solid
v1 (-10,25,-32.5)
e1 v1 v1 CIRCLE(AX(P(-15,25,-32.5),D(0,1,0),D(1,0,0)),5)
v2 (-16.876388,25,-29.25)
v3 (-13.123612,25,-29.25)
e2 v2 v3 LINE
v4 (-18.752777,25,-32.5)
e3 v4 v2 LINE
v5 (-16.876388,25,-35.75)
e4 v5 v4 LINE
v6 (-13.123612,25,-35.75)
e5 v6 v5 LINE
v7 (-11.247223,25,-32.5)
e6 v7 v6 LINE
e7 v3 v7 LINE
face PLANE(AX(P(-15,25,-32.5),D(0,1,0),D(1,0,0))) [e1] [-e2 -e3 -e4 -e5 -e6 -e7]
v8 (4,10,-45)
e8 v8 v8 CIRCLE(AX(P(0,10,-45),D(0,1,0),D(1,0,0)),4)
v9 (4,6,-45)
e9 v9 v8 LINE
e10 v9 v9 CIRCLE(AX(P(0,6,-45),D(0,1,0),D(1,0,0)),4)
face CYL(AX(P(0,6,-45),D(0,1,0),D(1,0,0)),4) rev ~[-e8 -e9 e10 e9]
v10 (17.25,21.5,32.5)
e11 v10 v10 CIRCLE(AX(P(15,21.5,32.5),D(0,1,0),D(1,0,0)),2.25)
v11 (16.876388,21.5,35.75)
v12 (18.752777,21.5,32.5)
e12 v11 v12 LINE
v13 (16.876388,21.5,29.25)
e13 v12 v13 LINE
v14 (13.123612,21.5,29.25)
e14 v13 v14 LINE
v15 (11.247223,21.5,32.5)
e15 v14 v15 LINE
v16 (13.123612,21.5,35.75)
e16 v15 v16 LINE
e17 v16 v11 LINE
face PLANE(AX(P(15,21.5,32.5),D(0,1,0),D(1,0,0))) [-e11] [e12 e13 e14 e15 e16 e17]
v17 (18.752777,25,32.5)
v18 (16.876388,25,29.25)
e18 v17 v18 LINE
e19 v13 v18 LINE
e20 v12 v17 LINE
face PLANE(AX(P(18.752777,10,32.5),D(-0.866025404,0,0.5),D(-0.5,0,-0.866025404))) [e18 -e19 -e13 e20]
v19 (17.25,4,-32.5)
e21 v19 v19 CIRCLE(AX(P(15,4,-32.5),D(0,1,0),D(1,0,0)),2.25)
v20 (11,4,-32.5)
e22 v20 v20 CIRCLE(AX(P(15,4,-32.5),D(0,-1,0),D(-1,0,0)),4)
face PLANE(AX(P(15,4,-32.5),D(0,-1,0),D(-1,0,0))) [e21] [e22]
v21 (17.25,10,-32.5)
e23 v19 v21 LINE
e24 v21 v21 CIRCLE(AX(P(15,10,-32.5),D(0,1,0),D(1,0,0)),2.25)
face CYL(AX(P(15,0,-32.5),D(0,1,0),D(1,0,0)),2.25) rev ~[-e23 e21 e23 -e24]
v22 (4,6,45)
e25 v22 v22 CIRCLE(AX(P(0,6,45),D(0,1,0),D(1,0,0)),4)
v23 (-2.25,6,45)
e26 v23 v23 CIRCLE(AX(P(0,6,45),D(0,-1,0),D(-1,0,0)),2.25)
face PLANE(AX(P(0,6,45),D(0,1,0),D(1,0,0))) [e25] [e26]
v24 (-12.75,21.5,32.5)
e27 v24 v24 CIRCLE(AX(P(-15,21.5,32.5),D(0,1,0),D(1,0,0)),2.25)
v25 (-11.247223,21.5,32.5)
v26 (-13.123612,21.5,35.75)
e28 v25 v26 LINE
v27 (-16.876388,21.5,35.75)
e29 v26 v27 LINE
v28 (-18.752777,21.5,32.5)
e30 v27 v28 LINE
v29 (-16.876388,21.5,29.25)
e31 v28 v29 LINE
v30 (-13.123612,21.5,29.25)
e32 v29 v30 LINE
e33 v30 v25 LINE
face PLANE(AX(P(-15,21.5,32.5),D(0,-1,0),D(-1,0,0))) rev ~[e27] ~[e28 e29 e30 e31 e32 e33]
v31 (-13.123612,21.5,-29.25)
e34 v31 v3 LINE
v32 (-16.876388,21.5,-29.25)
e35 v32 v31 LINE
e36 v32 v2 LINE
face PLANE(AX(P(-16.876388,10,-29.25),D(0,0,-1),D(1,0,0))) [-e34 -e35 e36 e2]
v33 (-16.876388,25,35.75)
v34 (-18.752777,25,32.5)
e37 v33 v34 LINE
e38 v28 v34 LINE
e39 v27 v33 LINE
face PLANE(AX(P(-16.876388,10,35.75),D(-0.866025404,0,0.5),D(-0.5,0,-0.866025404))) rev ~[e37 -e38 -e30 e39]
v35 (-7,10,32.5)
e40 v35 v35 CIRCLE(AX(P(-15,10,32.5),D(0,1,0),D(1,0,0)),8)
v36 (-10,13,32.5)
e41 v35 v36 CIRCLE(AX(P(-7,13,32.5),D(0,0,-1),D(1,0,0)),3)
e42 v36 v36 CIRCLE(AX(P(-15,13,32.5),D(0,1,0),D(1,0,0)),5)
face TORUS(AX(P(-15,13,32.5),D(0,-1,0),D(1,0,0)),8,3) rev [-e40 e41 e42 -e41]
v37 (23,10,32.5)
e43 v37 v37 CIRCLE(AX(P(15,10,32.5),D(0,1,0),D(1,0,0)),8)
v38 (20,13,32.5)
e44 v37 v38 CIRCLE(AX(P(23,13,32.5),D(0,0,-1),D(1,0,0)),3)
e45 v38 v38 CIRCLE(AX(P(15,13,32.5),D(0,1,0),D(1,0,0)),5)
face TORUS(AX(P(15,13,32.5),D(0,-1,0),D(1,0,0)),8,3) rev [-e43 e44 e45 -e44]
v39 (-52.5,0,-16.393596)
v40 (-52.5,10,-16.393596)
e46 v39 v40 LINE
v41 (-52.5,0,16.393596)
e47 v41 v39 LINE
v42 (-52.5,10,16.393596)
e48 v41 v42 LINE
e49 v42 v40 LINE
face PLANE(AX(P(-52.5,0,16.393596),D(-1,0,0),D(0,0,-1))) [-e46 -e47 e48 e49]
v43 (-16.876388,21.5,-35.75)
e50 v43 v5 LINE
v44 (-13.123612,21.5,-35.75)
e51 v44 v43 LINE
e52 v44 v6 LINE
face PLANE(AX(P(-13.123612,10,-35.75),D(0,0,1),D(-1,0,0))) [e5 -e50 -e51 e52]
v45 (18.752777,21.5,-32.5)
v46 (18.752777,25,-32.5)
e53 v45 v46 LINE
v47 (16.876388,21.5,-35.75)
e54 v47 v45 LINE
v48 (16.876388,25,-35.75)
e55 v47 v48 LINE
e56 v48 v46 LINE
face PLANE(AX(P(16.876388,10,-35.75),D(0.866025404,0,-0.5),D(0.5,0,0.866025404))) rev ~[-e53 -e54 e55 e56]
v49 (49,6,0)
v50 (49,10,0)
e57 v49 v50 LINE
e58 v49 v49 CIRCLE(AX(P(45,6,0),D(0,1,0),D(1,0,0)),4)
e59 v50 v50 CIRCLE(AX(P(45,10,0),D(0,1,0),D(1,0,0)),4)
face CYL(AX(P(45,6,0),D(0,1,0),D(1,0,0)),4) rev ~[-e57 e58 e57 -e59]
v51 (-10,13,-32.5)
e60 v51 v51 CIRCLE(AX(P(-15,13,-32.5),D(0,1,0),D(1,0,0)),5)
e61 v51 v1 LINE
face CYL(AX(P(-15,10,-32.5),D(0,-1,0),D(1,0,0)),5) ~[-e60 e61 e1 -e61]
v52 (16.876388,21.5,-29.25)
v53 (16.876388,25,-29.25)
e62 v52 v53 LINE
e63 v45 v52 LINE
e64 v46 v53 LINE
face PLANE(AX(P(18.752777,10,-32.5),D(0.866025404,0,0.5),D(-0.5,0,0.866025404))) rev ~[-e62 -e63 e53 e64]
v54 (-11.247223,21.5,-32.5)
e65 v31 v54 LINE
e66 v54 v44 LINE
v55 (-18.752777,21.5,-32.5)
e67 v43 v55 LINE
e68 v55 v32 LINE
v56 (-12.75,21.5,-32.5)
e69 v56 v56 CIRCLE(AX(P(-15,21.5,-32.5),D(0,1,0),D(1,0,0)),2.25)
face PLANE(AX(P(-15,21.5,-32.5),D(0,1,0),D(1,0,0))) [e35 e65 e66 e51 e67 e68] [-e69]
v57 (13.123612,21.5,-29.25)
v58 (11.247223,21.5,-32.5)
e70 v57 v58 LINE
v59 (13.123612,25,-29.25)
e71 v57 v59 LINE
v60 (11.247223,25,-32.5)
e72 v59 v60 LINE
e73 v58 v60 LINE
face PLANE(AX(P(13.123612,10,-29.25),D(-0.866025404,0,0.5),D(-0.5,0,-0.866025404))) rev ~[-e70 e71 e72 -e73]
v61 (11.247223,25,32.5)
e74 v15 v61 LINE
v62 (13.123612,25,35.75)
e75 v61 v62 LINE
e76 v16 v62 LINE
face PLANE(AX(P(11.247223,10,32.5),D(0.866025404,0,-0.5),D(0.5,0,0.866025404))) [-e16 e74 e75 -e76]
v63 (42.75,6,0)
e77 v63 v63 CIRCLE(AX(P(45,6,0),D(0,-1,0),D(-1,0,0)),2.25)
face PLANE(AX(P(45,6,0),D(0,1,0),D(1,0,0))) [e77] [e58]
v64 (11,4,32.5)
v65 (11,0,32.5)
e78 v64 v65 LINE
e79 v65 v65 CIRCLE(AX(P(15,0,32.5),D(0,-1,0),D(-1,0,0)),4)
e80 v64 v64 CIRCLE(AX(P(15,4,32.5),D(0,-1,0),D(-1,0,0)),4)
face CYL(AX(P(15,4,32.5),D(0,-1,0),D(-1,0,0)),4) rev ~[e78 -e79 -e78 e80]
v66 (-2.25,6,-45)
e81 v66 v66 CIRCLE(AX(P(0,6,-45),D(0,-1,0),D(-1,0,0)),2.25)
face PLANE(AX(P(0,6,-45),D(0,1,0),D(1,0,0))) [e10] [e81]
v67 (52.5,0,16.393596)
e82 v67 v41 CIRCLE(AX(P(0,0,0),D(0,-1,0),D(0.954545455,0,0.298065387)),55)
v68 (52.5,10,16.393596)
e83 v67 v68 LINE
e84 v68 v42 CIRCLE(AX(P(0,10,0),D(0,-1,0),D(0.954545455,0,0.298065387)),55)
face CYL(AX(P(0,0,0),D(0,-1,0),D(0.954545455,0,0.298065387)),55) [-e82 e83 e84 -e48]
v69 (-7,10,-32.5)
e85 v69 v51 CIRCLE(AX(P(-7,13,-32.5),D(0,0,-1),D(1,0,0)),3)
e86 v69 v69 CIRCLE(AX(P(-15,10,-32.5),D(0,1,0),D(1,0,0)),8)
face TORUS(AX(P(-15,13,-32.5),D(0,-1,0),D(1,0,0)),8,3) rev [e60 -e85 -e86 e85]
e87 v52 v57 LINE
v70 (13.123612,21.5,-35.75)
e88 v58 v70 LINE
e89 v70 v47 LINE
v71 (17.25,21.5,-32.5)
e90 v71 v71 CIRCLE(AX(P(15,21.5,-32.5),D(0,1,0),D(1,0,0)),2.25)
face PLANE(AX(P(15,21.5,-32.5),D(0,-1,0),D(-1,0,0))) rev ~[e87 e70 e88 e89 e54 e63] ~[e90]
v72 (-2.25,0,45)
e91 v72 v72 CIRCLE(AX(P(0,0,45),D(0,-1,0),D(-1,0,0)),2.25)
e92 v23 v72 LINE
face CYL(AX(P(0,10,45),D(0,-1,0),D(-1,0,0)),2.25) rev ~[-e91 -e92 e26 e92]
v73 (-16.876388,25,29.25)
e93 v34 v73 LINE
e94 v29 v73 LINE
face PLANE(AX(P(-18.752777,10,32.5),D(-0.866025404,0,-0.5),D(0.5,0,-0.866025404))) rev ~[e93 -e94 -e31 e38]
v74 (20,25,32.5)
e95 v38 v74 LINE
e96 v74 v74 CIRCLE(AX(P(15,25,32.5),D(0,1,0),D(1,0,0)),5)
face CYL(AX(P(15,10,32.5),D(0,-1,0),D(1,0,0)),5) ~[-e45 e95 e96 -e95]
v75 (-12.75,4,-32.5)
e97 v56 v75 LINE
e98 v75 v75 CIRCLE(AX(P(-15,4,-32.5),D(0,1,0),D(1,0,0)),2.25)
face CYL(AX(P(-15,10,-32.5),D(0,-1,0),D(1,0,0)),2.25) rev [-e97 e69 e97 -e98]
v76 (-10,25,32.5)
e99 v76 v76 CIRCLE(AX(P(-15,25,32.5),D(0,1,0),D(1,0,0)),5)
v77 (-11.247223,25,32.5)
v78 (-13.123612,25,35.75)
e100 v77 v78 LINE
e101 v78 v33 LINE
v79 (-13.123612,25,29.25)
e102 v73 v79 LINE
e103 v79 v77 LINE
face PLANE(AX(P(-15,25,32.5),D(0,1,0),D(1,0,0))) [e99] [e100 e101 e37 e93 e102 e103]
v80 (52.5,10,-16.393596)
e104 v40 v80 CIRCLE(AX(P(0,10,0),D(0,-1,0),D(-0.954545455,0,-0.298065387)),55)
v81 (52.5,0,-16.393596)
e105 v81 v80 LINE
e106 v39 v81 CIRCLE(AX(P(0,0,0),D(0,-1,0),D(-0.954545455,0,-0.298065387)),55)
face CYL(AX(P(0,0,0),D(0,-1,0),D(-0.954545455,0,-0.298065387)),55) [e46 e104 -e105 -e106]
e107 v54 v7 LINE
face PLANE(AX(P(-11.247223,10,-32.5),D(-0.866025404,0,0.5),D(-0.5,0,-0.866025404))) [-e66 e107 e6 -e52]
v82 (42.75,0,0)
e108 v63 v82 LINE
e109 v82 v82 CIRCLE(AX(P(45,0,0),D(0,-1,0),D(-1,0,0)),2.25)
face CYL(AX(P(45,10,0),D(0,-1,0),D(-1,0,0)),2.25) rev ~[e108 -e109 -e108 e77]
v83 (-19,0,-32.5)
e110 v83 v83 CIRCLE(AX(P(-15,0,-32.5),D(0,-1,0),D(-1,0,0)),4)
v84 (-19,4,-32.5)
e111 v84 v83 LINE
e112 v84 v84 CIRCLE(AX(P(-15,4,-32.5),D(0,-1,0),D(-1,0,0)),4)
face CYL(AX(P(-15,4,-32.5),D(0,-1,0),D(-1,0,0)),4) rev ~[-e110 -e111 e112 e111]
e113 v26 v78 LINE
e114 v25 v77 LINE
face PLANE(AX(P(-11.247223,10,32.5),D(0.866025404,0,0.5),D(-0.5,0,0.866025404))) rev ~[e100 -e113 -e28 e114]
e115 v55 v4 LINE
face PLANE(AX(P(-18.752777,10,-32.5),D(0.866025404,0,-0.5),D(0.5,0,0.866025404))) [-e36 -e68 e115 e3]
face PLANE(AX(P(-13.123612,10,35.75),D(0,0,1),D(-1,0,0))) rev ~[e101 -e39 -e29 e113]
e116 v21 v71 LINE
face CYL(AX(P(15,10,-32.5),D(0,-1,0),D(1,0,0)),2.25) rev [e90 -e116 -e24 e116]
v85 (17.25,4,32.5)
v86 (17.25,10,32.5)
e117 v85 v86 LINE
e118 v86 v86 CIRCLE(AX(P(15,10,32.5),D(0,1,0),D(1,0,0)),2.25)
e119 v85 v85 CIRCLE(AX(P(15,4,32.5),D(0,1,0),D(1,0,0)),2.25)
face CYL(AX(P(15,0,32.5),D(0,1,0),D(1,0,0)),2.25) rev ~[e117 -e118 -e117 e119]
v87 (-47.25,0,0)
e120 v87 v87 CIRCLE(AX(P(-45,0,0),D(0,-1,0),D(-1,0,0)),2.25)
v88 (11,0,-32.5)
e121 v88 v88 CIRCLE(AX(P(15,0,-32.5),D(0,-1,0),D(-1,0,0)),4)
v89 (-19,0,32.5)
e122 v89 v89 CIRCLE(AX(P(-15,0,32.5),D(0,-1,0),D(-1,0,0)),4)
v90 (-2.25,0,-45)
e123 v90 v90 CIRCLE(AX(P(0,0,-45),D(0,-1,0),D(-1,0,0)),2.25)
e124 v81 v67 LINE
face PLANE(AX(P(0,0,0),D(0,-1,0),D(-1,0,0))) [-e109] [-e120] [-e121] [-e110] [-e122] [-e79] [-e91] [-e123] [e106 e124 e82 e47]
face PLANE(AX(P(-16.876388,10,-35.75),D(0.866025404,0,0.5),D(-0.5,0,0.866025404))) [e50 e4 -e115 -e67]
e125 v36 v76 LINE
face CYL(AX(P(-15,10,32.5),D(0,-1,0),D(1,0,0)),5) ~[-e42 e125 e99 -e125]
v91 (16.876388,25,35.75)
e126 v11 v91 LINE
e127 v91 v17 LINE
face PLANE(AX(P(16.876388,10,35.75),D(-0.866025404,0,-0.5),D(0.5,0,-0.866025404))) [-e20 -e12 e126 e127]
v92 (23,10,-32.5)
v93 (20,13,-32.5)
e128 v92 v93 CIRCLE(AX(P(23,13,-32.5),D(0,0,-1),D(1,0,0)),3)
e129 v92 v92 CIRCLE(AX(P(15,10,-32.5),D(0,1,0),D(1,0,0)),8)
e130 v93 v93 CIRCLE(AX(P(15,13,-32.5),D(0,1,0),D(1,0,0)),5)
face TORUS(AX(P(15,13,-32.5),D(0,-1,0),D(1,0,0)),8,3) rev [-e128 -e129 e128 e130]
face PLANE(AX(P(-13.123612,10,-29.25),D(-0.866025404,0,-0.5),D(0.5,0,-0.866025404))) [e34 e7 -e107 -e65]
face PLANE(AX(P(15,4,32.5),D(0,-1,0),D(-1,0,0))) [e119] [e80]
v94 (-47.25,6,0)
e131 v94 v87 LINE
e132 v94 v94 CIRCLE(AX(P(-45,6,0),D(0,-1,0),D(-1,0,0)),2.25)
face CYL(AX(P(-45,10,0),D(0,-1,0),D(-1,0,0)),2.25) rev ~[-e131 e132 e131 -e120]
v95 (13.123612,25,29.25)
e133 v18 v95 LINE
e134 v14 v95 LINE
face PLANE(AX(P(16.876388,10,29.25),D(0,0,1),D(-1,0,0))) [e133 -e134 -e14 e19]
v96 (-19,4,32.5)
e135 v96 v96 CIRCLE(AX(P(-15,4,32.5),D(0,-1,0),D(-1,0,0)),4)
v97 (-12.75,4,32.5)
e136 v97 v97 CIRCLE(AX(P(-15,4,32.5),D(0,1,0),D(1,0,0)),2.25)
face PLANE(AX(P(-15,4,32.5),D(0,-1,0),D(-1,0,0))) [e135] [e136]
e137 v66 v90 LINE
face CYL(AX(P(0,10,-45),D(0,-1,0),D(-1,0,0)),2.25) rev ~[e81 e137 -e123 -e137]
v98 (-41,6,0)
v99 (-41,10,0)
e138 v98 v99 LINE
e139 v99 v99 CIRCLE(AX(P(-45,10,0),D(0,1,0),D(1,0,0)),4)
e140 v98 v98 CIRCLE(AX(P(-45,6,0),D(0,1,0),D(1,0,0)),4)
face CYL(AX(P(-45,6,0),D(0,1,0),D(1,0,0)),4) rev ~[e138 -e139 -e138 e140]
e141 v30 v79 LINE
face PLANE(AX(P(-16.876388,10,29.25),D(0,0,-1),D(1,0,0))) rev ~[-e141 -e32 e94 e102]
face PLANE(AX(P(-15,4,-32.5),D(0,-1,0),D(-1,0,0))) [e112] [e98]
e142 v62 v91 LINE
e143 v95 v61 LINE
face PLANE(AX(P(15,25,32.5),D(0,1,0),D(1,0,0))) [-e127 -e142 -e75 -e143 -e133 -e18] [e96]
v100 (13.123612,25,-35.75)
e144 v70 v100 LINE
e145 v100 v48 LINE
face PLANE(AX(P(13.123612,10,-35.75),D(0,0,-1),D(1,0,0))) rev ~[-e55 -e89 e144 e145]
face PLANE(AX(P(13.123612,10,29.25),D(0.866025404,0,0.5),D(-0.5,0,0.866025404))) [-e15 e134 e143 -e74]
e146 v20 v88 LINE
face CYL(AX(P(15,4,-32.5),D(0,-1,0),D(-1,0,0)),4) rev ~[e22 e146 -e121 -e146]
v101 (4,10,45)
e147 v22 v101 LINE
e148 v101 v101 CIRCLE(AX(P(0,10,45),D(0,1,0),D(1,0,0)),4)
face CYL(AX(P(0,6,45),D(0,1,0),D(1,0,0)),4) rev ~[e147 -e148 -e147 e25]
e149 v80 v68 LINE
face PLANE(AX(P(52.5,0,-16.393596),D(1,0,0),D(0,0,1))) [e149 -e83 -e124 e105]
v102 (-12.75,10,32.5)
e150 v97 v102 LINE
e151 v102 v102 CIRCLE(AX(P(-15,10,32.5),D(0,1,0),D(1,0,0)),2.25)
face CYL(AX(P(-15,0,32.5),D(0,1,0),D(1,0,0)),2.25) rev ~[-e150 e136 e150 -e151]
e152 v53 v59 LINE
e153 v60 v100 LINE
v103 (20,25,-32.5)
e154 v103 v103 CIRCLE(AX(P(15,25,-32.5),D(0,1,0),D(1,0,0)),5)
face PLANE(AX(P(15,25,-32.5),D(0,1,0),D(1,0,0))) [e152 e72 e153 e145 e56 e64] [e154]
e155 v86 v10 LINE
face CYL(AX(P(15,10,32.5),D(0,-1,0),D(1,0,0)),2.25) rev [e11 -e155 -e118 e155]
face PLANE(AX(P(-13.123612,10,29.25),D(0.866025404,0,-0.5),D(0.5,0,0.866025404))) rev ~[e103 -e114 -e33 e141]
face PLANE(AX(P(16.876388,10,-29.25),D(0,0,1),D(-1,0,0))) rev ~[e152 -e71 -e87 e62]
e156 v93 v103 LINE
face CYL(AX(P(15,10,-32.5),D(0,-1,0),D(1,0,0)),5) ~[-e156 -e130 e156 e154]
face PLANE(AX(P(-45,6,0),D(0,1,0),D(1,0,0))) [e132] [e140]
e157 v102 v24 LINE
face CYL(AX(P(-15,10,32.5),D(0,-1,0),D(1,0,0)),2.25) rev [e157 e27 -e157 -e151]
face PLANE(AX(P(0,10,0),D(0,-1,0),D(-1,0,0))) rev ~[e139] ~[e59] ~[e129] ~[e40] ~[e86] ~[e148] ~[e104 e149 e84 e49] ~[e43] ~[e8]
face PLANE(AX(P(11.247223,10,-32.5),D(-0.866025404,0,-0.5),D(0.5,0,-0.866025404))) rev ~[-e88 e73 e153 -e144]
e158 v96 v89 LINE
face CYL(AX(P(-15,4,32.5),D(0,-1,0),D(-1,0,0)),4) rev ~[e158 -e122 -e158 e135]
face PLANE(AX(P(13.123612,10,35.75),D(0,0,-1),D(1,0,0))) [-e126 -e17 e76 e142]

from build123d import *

# Parameters (mm, degrees)
BOSS_EXTRUDE1_DEPTH            = 10
CBORE_FOR_M4_SHCS1_D           = 4.5
CBORE_FOR_M4_SHCS1_CBORE_D     = 8
CBORE_FOR_M4_SHCS1_CBORE_DEPTH = 4
CBORE_FOR_M4_SHCS2_D           = 4.5
CBORE_FOR_M4_SHCS2_CBORE_D     = 8
CBORE_FOR_M4_SHCS2_CBORE_DEPTH = 4
SKETCH8_R                      = 5
BOSS_EXTRUDE2_DEPTH            = 15
FILLET1_R                      = 3
SKETCH10_R                     = 2.25
BOSS_EXTRUDE3_DEPTH            = 11.5


with BuildPart() as part:
    # Sketch1 → Boss-Extrude1 (new body)
    with BuildSketch(Plane(origin=(0, 0, 0), x_dir=(1, 0, 0), z_dir=(0, 1, 0))):
        with BuildLine():
            Line((-52.5, -16.393596311), (-52.5, 16.393596311))
            ThreePointArc((-52.5, 16.393596311), (0, 55), (52.5, 16.393596311))
            Line((52.5, 16.393596311), (52.5, -16.393596311))
            ThreePointArc((52.5, -16.393596311), (0, -55), (-52.5, -16.393596311))
        make_face()
    extrude(amount=BOSS_EXTRUDE1_DEPTH)

    # CBORE for M4 SHCS1 (through all)
    with Locations(Plane(origin=(0, 10, 0), x_dir=(1, 0, 0), z_dir=(0, 1, 0))):
        with Locations((-45, 0), (0, 45), (45, 0), (0, -45)):
            CounterBoreHole(CBORE_FOR_M4_SHCS1_D / 2, CBORE_FOR_M4_SHCS1_CBORE_D / 2, CBORE_FOR_M4_SHCS1_CBORE_DEPTH)

    # CBORE for M4 SHCS2 (through all)
    with Locations(Plane(origin=(0, 0, 0), x_dir=(-1, 0, 0), z_dir=(0, -1, 0))):
        with Locations((15, -32.5), (-15, -32.5), (15, 32.5), (-15, 32.5)):
            CounterBoreHole(CBORE_FOR_M4_SHCS2_D / 2, CBORE_FOR_M4_SHCS2_CBORE_D / 2, CBORE_FOR_M4_SHCS2_CBORE_DEPTH)

    # Sketch8 → Boss-Extrude2 (add)
    with BuildSketch(Plane(origin=(0, 10, 0), x_dir=(1, 0, 0), z_dir=(0, 1, 0))):
        with Locations((-15, 32.5)):
            Circle(SKETCH8_R)
        Polygon((-11.24722325, 32.5), (-13.123611625, 35.75), (-16.876388375, 35.75), (-18.75277675, 32.5), (-16.876388375, 29.25), (-13.123611625, 29.25), align=None, mode=Mode.SUBTRACT)
        with Locations((15, 32.5)):
            Circle(SKETCH8_R)
        Polygon((13.123611625, 29.25), (11.24722325, 32.5), (13.123611625, 35.75), (16.876388375, 35.75), (18.75277675, 32.5), (16.876388375, 29.25), align=None, mode=Mode.SUBTRACT)
        with Locations((-15, -32.5)):
            Circle(SKETCH8_R)
        Polygon((-13.123611625, -29.25), (-11.24722325, -32.5), (-13.123611625, -35.75), (-16.876388375, -35.75), (-18.75277675, -32.5), (-16.876388375, -29.25), align=None, mode=Mode.SUBTRACT)
        with Locations((15, -32.5)):
            Circle(SKETCH8_R)
        Polygon((16.876388375, -29.25), (13.123611625, -29.25), (11.24722325, -32.5), (13.123611625, -35.75), (16.876388375, -35.75), (18.75277675, -32.5), align=None, mode=Mode.SUBTRACT)
    extrude(amount=BOSS_EXTRUDE2_DEPTH)

    # Fillet1
    fillet1_edges = [part.edges().sort_by_distance(p)[0] for p in [
        (-20, 10, 32.5),
        (10, 10, 32.5),
        (-20, 10, -32.5),
        (10, 10, -32.5),
    ]]
    fillet(fillet1_edges, radius=FILLET1_R)

    # Sketch10 → Boss-Extrude3 (add)
    with BuildSketch(Plane(origin=(0, 10, 0), x_dir=(1, 0, 0), z_dir=(0, 1, 0))):
        Polygon((-13.123611625, 35.75), (-16.876388375, 35.75), (-18.75277675, 32.5), (-16.876388375, 29.25), (-13.123611625, 29.25), (-11.24722325, 32.5), align=None)
        with Locations((-15, 32.5)):
            Circle(SKETCH10_R, mode=Mode.SUBTRACT)
        Polygon((11.24722325, 32.5), (13.123611625, 35.75), (16.876388375, 35.75), (18.75277675, 32.5), (16.876388375, 29.25), (13.123611625, 29.25), align=None)
        with Locations((15, 32.5)):
            Circle(SKETCH10_R, mode=Mode.SUBTRACT)
        Polygon((13.123611625, -29.25), (11.24722325, -32.5), (13.123611625, -35.75), (16.876388375, -35.75), (18.75277675, -32.5), (16.876388375, -29.25), align=None)
        with Locations((15, -32.5)):
            Circle(SKETCH10_R, mode=Mode.SUBTRACT)
        Polygon((-11.24722325, -32.5), (-13.123611625, -35.75), (-16.876388375, -35.75), (-18.75277675, -32.5), (-16.876388375, -29.25), (-13.123611625, -29.25), align=None)
        with Locations((-15, -32.5)):
            Circle(SKETCH10_R, mode=Mode.SUBTRACT)
    extrude(amount=BOSS_EXTRUDE3_DEPTH)


solid = part.part
